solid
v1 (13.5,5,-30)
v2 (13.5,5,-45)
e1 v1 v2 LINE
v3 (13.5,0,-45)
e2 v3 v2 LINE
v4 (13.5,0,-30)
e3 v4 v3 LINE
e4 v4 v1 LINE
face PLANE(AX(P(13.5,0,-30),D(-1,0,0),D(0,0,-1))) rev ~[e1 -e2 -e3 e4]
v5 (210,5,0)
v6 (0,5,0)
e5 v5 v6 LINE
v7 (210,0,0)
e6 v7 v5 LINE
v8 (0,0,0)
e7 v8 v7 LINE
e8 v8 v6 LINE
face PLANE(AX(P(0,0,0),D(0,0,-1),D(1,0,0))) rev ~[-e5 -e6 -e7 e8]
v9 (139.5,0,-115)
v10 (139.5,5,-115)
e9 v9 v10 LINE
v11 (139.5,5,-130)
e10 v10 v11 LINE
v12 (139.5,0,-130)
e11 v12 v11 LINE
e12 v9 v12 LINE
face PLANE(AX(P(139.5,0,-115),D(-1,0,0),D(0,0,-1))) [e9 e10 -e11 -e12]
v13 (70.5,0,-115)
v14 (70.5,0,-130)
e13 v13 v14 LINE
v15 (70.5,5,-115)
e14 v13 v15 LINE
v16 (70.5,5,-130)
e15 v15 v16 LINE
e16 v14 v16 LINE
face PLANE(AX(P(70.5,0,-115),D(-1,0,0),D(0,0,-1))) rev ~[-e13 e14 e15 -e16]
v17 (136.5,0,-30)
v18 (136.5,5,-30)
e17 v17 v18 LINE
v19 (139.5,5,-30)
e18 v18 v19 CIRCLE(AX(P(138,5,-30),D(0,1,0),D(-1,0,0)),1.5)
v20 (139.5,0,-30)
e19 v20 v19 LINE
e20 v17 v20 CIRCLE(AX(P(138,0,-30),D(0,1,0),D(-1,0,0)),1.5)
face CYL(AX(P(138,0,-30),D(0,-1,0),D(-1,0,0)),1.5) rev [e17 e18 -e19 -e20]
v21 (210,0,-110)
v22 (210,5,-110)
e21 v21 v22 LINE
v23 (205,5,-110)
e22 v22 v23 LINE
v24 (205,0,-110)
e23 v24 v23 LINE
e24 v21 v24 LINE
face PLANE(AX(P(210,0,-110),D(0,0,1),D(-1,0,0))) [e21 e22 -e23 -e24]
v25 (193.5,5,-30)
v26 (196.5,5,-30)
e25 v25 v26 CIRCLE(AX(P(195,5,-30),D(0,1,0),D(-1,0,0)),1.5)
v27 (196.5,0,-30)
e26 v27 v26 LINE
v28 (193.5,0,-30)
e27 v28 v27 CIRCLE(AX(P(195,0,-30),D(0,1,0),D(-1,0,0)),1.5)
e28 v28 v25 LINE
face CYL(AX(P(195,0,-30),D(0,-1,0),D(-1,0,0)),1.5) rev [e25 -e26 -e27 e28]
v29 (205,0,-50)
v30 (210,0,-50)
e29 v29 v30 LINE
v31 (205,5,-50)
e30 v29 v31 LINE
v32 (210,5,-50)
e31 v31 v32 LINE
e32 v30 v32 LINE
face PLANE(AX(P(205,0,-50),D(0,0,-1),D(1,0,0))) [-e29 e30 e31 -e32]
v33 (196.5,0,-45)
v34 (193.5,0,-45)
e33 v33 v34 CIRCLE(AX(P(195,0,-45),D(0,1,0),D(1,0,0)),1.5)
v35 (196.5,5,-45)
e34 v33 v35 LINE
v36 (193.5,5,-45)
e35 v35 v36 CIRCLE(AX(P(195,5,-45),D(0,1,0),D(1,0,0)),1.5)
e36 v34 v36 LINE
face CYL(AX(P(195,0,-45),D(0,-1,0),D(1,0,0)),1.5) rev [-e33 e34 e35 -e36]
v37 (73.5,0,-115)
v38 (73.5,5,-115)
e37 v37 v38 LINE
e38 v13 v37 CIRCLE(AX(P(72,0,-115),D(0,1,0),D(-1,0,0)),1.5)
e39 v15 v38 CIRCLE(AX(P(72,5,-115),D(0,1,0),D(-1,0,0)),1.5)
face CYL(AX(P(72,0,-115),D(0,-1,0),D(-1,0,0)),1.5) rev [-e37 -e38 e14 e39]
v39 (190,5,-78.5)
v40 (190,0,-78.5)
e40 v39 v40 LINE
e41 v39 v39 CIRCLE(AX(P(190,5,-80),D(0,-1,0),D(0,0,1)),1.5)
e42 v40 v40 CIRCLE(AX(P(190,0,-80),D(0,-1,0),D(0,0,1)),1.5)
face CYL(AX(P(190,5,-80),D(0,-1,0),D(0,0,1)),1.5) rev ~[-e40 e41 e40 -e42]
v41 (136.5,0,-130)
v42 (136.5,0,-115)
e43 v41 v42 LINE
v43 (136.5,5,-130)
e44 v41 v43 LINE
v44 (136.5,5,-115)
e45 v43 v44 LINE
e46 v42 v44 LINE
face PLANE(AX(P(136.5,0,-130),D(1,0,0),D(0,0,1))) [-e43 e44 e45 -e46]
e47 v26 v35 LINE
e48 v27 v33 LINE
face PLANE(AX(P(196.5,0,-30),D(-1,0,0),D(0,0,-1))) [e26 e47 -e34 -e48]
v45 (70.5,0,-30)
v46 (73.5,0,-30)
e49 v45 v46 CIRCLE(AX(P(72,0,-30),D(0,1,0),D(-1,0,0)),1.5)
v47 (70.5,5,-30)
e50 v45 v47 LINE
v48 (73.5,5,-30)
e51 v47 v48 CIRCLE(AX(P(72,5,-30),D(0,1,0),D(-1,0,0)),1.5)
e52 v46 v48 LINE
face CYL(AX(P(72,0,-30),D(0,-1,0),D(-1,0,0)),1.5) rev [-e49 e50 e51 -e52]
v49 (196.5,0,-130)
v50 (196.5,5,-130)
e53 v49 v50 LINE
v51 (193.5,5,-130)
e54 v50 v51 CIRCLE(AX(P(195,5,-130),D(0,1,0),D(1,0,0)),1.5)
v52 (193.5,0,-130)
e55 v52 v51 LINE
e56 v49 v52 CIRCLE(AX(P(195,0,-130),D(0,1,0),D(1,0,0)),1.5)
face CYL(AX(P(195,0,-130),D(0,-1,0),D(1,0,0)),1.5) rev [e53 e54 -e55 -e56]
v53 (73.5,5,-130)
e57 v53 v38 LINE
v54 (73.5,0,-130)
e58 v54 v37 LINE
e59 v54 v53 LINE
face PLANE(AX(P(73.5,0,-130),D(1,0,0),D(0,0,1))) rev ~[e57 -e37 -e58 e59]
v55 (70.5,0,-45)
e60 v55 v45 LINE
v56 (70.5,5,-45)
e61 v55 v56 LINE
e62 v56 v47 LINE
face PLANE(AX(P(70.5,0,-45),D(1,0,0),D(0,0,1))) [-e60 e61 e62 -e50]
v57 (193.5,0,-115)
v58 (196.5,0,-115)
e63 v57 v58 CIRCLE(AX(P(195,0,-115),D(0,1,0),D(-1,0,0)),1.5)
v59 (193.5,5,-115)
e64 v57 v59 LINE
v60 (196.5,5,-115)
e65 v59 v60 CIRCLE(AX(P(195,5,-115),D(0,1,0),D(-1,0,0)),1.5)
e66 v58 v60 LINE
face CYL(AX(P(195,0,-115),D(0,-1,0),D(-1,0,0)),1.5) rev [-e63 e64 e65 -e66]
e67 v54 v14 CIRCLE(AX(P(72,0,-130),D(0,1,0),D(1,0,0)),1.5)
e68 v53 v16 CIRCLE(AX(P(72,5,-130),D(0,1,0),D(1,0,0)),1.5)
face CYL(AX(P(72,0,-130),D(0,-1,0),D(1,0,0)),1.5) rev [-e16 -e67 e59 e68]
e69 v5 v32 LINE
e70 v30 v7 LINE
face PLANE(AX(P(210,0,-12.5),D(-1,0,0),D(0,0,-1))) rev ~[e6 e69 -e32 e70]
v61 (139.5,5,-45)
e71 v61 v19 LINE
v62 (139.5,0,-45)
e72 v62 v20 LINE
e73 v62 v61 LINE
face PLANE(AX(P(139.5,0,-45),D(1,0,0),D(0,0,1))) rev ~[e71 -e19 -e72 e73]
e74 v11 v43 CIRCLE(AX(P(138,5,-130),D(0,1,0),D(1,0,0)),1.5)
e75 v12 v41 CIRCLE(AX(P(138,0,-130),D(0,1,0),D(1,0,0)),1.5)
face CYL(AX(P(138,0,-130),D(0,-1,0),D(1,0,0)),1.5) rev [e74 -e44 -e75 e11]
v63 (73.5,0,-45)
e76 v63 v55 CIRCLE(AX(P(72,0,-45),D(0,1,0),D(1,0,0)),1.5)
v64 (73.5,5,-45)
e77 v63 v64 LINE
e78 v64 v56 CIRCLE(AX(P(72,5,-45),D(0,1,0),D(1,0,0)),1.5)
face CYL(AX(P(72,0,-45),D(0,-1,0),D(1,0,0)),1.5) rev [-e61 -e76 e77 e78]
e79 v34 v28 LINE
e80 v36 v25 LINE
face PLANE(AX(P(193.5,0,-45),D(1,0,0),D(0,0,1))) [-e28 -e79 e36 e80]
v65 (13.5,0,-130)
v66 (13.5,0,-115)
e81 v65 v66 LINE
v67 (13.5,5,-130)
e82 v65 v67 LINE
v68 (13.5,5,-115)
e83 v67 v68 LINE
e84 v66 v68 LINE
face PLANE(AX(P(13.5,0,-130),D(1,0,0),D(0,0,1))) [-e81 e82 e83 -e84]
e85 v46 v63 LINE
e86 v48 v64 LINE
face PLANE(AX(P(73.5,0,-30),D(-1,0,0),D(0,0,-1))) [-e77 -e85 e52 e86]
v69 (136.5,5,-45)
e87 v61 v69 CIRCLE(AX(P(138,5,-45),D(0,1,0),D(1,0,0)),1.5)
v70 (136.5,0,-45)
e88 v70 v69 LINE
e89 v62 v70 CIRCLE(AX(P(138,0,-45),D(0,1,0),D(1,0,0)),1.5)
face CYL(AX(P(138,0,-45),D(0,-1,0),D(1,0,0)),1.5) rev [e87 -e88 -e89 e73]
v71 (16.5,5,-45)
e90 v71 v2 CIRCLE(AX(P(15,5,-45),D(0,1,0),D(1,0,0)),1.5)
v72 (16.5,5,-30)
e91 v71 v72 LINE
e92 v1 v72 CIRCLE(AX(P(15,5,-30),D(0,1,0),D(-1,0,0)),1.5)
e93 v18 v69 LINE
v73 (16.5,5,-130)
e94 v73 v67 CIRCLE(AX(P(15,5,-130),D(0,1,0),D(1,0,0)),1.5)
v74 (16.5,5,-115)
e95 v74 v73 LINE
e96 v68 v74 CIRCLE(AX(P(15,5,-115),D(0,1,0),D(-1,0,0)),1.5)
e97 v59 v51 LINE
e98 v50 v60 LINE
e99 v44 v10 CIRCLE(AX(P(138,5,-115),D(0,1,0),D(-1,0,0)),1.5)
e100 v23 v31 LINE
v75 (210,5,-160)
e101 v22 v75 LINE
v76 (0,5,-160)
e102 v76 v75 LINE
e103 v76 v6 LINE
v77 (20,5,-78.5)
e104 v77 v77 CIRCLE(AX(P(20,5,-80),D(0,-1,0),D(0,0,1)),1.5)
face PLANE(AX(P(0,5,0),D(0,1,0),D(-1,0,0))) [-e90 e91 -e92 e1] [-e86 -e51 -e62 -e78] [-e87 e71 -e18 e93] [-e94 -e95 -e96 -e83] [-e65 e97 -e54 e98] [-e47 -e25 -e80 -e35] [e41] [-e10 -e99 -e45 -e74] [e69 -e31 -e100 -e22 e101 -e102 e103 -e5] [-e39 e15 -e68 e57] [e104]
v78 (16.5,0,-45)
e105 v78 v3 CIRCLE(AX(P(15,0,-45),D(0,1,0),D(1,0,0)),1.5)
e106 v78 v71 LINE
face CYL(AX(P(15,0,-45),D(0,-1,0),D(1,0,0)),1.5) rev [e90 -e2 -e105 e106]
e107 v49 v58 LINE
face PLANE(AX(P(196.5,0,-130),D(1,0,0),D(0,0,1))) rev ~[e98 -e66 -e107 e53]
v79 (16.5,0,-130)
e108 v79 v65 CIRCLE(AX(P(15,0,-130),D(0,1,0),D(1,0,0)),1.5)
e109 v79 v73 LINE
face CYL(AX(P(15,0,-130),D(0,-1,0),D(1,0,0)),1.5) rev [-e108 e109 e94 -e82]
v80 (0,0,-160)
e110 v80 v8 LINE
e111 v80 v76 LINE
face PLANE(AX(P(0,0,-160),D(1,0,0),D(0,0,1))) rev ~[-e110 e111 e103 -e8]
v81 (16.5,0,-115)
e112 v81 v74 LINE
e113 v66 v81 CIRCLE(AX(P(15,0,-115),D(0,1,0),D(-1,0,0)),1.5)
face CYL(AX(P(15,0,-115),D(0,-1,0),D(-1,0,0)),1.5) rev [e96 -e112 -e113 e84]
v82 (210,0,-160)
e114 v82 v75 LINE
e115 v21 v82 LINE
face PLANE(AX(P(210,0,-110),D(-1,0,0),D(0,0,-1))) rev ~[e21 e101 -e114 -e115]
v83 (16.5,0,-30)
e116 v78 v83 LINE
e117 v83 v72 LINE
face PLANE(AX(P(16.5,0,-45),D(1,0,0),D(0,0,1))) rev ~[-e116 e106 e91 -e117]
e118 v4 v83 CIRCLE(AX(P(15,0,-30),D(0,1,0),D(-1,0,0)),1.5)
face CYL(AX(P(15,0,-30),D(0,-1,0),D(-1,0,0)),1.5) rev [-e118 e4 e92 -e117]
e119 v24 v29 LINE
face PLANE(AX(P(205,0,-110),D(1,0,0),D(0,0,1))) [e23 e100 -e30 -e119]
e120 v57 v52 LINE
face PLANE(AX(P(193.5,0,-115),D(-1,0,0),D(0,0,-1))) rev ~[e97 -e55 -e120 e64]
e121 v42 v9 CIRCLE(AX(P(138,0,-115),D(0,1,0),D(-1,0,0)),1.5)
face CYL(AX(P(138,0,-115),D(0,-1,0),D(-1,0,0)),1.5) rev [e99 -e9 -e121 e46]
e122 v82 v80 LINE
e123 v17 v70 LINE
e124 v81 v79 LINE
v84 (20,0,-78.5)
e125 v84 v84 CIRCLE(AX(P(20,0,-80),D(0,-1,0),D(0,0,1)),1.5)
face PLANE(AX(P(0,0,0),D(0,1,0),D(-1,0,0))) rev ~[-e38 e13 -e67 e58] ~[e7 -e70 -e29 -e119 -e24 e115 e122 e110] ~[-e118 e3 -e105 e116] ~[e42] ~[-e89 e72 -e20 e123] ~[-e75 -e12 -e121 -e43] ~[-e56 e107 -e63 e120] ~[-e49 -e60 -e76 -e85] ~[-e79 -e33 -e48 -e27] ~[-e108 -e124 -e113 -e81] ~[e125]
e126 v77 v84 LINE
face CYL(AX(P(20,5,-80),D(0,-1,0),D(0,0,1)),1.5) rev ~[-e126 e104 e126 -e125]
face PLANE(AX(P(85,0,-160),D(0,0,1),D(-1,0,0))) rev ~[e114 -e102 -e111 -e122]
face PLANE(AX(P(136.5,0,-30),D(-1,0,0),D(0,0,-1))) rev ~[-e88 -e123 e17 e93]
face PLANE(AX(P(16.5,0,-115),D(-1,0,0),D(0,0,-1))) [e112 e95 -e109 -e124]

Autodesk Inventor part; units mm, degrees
ref_plane "YZ Plane" through (0, 0, 0) normal (1, 0, 0) x (0, 1, 0)
ref_plane "XZ Plane" through (0, 0, 0) normal (0, 1, 0) x (-1, 0, 0)
ref_plane "XY Plane" through (0, 0, 0) normal (0, 0, 1) x (1, 0, 0)
sketch "Sketch1" plane through (0, 0, 0) normal (0, 1, 0) x (-1, 0, 0)
  line L0 (0, 0) -> (-210, 0)
  line L1 (-210, 0) -> (-210, -160)
  line L2 (-210, -160) -> (0, -160)
  line L3 (75, -80) -> (-210, -80) construction
  line L4 (-105, 0) -> (-105, -160) construction
  line L5 (-43.5, 0) -> (-43.5, -160) construction
  line L6 (-133, 0) -> (-133, -160) construction
  line L7 (-15, -130) -> (-15, -115) construction
  line L8 (-15, -130) -> (-15, -115) construction
  line L9 (-13.5, -130) -> (-13.5, -115)
  line L10 (-16.5, -115) -> (-16.5, -130)
  arc A0 (-16.5, -130) -> (-13.5, -130) centre (-15, -130) ccw
  arc A1 (-13.5, -115) -> (-16.5, -115) centre (-15, -115) ccw
  line L11 (-72, -130) -> (-72, -115) construction
  line L12 (-72, -130) -> (-72, -115) construction
  line L13 (-73.5, -130) -> (-73.5, -115)
  line L14 (-70.5, -115) -> (-70.5, -130)
  arc A2 (-73.5, -130) -> (-70.5, -130) centre (-72, -130) ccw
  arc A3 (-70.5, -115) -> (-73.5, -115) centre (-72, -115) ccw
  line L15 (-125, -160) -> (-85, -160)
  line L16 (-85, -160) -> (-85, -155)
  line L17 (-85, -155) -> (-125, -155)
  line L18 (-125, -155) -> (-125, -160)
  line L19 (-195, -130) -> (-195, -115) construction
  line L20 (-195, -130) -> (-195, -115) construction
  line L21 (-196.5, -130) -> (-196.5, -115)
  line L22 (-193.5, -115) -> (-193.5, -130)
  arc A4 (-196.5, -130) -> (-193.5, -130) centre (-195, -130) ccw
  arc A5 (-193.5, -115) -> (-196.5, -115) centre (-195, -115) ccw
  line L23 (-139.5, -115) -> (-139.5, -130)
  line L24 (-138, -130) -> (-138, -115) construction
  line L25 (-136.5, -130) -> (-136.5, -115)
  arc A6 (-139.5, -130) -> (-136.5, -130) centre (-138, -130) ccw
  line L26 (-138, -130) -> (-138, -115) construction
  arc A7 (-136.5, -115) -> (-139.5, -115) centre (-138, -115) ccw
  line L27 (-105, -160) -> (-105, 0) construction
  line L28 (-15, -30) -> (-15, -45) construction
  line L29 (-15, -30) -> (-15, -45) construction
  line L30 (-13.5, -30) -> (-13.5, -45)
  line L31 (-16.5, -45) -> (-16.5, -30)
  arc A8 (-13.5, -30) -> (-16.5, -30) centre (-15, -30) ccw
  arc A9 (-16.5, -45) -> (-13.5, -45) centre (-15, -45) ccw
  line L32 (-70.5, -45) -> (-70.5, -30)
  line L33 (-72, -30) -> (-72, -45) construction
  line L34 (-73.5, -30) -> (-73.5, -45)
  arc A10 (-70.5, -30) -> (-73.5, -30) centre (-72, -30) ccw
  line L35 (-72, -30) -> (-72, -45) construction
  arc A11 (-73.5, -45) -> (-70.5, -45) centre (-72, -45) ccw
  line L36 (-125, 0) -> (-85, 0)
  line L37 (-85, 0) -> (-85, -5)
  line L38 (-85, -5) -> (-125, -5)
  line L39 (-125, -5) -> (-125, 0)
  arc A12 (-193.5, -30) -> (-196.5, -30) centre (-195, -30) ccw
  line L40 (-193.5, -45) -> (-193.5, -30)
  line L41 (-195, -30) -> (-195, -45) construction
  line L42 (-195, -30) -> (-195, -45) construction
  arc A13 (-196.5, -45) -> (-193.5, -45) centre (-195, -45) ccw
  line L43 (-196.5, -30) -> (-196.5, -45)
  line L44 (-139.5, -45) -> (-139.5, -30)
  line L45 (-138, -30) -> (-138, -45) construction
  line L46 (-138, -30) -> (-138, -45) construction
  arc A14 (-139.5, -45) -> (-136.5, -45) centre (-138, -45) ccw
  line L47 (-136.5, -30) -> (-136.5, -45)
  arc A15 (-136.5, -30) -> (-139.5, -30) centre (-138, -30) ccw
  line L48 (-210, -12.5) -> (-210, -62.5)
  line L49 (-210, -62.5) -> (-210, -110)
  line L50 (-210, -110) -> (-205, -110)
  line L51 (-205, -110) -> (-205, -50)
  line L52 (-205, -50) -> (-210, -50)
  line L53 (-210, -50) -> (-210, -12.5)
  line L54 (0, -160) -> (0, 0)
  point P0 (-15, -122.5)
  point P1 (-72, -122.5)
  point P2 (-195, -122.5)
  point P3 (-138, -122.5)
  point P4 (-15, -37.5)
  point P5 (-72, -37.5)
  point P6 (-195, -37.5)
  point P7 (-138, -37.5)
  point P8 (-72, -122.5)
  point P9 (-15, -122.5)
  point P10 (-125, -160)
  point P11 (-85, -160)
  point P12 (-85, 0)
  point P13 (-125, 0)
  point P14 (-195, -122.5)
  dimension "d2" = 15
  dimension "d4" = 30
  dimension "d6" = 1.5
  dimension "d9" = 40
  dimension "d13" = 0
  dimension "d14" = 5
  dimension "d16" = 20
  dimension "d22" = 5
  dimension "d26" = 30
  dimension "d27" = 30
  dimension "d28" = 0
  dimension "d30" = 160
  dimension "d32" = 57
  dimension "d56" = 15
  dimension "d57" = 210
extrude "Extrusion1" add sketch "Sketch1" along normal blind 5 contours L54 L2 L16 L17 L18 L1 L50 L51 L52 L0 L39 L38 L37 | L37 L38 L39 L0 | L2 L18 L17 L16
sketch "Sketch4" plane through (0, 5, 0) normal (0, 1, 0) x (1, 0, 0)
  line L0 (0, 0) -> (210, 0) projected
  line L1 (0, 160) -> (0, 0) projected
  point P0 (20, 80)
  dimension "d76" = 80
  dimension "d77" = 20
hole "Hole3" at (20, 5, -80) direction (0, -1, 0) diameter 3 end through all
sketch "Sketch5" plane through (0, 5, 0) normal (0, 1, 0) x (1, 0, 0)
  line L0 (205, 50) -> (205, 110) projected
  point P0 (0, 0)
  point P1 (190, 80)
  dimension "d85" = 15
  dimension "d86" = 30
hole "Hole4" at (190, 5, -80) direction (0, -1, 0) diameter 3 end through all
properties part number "base_2" material "Acrylic"
